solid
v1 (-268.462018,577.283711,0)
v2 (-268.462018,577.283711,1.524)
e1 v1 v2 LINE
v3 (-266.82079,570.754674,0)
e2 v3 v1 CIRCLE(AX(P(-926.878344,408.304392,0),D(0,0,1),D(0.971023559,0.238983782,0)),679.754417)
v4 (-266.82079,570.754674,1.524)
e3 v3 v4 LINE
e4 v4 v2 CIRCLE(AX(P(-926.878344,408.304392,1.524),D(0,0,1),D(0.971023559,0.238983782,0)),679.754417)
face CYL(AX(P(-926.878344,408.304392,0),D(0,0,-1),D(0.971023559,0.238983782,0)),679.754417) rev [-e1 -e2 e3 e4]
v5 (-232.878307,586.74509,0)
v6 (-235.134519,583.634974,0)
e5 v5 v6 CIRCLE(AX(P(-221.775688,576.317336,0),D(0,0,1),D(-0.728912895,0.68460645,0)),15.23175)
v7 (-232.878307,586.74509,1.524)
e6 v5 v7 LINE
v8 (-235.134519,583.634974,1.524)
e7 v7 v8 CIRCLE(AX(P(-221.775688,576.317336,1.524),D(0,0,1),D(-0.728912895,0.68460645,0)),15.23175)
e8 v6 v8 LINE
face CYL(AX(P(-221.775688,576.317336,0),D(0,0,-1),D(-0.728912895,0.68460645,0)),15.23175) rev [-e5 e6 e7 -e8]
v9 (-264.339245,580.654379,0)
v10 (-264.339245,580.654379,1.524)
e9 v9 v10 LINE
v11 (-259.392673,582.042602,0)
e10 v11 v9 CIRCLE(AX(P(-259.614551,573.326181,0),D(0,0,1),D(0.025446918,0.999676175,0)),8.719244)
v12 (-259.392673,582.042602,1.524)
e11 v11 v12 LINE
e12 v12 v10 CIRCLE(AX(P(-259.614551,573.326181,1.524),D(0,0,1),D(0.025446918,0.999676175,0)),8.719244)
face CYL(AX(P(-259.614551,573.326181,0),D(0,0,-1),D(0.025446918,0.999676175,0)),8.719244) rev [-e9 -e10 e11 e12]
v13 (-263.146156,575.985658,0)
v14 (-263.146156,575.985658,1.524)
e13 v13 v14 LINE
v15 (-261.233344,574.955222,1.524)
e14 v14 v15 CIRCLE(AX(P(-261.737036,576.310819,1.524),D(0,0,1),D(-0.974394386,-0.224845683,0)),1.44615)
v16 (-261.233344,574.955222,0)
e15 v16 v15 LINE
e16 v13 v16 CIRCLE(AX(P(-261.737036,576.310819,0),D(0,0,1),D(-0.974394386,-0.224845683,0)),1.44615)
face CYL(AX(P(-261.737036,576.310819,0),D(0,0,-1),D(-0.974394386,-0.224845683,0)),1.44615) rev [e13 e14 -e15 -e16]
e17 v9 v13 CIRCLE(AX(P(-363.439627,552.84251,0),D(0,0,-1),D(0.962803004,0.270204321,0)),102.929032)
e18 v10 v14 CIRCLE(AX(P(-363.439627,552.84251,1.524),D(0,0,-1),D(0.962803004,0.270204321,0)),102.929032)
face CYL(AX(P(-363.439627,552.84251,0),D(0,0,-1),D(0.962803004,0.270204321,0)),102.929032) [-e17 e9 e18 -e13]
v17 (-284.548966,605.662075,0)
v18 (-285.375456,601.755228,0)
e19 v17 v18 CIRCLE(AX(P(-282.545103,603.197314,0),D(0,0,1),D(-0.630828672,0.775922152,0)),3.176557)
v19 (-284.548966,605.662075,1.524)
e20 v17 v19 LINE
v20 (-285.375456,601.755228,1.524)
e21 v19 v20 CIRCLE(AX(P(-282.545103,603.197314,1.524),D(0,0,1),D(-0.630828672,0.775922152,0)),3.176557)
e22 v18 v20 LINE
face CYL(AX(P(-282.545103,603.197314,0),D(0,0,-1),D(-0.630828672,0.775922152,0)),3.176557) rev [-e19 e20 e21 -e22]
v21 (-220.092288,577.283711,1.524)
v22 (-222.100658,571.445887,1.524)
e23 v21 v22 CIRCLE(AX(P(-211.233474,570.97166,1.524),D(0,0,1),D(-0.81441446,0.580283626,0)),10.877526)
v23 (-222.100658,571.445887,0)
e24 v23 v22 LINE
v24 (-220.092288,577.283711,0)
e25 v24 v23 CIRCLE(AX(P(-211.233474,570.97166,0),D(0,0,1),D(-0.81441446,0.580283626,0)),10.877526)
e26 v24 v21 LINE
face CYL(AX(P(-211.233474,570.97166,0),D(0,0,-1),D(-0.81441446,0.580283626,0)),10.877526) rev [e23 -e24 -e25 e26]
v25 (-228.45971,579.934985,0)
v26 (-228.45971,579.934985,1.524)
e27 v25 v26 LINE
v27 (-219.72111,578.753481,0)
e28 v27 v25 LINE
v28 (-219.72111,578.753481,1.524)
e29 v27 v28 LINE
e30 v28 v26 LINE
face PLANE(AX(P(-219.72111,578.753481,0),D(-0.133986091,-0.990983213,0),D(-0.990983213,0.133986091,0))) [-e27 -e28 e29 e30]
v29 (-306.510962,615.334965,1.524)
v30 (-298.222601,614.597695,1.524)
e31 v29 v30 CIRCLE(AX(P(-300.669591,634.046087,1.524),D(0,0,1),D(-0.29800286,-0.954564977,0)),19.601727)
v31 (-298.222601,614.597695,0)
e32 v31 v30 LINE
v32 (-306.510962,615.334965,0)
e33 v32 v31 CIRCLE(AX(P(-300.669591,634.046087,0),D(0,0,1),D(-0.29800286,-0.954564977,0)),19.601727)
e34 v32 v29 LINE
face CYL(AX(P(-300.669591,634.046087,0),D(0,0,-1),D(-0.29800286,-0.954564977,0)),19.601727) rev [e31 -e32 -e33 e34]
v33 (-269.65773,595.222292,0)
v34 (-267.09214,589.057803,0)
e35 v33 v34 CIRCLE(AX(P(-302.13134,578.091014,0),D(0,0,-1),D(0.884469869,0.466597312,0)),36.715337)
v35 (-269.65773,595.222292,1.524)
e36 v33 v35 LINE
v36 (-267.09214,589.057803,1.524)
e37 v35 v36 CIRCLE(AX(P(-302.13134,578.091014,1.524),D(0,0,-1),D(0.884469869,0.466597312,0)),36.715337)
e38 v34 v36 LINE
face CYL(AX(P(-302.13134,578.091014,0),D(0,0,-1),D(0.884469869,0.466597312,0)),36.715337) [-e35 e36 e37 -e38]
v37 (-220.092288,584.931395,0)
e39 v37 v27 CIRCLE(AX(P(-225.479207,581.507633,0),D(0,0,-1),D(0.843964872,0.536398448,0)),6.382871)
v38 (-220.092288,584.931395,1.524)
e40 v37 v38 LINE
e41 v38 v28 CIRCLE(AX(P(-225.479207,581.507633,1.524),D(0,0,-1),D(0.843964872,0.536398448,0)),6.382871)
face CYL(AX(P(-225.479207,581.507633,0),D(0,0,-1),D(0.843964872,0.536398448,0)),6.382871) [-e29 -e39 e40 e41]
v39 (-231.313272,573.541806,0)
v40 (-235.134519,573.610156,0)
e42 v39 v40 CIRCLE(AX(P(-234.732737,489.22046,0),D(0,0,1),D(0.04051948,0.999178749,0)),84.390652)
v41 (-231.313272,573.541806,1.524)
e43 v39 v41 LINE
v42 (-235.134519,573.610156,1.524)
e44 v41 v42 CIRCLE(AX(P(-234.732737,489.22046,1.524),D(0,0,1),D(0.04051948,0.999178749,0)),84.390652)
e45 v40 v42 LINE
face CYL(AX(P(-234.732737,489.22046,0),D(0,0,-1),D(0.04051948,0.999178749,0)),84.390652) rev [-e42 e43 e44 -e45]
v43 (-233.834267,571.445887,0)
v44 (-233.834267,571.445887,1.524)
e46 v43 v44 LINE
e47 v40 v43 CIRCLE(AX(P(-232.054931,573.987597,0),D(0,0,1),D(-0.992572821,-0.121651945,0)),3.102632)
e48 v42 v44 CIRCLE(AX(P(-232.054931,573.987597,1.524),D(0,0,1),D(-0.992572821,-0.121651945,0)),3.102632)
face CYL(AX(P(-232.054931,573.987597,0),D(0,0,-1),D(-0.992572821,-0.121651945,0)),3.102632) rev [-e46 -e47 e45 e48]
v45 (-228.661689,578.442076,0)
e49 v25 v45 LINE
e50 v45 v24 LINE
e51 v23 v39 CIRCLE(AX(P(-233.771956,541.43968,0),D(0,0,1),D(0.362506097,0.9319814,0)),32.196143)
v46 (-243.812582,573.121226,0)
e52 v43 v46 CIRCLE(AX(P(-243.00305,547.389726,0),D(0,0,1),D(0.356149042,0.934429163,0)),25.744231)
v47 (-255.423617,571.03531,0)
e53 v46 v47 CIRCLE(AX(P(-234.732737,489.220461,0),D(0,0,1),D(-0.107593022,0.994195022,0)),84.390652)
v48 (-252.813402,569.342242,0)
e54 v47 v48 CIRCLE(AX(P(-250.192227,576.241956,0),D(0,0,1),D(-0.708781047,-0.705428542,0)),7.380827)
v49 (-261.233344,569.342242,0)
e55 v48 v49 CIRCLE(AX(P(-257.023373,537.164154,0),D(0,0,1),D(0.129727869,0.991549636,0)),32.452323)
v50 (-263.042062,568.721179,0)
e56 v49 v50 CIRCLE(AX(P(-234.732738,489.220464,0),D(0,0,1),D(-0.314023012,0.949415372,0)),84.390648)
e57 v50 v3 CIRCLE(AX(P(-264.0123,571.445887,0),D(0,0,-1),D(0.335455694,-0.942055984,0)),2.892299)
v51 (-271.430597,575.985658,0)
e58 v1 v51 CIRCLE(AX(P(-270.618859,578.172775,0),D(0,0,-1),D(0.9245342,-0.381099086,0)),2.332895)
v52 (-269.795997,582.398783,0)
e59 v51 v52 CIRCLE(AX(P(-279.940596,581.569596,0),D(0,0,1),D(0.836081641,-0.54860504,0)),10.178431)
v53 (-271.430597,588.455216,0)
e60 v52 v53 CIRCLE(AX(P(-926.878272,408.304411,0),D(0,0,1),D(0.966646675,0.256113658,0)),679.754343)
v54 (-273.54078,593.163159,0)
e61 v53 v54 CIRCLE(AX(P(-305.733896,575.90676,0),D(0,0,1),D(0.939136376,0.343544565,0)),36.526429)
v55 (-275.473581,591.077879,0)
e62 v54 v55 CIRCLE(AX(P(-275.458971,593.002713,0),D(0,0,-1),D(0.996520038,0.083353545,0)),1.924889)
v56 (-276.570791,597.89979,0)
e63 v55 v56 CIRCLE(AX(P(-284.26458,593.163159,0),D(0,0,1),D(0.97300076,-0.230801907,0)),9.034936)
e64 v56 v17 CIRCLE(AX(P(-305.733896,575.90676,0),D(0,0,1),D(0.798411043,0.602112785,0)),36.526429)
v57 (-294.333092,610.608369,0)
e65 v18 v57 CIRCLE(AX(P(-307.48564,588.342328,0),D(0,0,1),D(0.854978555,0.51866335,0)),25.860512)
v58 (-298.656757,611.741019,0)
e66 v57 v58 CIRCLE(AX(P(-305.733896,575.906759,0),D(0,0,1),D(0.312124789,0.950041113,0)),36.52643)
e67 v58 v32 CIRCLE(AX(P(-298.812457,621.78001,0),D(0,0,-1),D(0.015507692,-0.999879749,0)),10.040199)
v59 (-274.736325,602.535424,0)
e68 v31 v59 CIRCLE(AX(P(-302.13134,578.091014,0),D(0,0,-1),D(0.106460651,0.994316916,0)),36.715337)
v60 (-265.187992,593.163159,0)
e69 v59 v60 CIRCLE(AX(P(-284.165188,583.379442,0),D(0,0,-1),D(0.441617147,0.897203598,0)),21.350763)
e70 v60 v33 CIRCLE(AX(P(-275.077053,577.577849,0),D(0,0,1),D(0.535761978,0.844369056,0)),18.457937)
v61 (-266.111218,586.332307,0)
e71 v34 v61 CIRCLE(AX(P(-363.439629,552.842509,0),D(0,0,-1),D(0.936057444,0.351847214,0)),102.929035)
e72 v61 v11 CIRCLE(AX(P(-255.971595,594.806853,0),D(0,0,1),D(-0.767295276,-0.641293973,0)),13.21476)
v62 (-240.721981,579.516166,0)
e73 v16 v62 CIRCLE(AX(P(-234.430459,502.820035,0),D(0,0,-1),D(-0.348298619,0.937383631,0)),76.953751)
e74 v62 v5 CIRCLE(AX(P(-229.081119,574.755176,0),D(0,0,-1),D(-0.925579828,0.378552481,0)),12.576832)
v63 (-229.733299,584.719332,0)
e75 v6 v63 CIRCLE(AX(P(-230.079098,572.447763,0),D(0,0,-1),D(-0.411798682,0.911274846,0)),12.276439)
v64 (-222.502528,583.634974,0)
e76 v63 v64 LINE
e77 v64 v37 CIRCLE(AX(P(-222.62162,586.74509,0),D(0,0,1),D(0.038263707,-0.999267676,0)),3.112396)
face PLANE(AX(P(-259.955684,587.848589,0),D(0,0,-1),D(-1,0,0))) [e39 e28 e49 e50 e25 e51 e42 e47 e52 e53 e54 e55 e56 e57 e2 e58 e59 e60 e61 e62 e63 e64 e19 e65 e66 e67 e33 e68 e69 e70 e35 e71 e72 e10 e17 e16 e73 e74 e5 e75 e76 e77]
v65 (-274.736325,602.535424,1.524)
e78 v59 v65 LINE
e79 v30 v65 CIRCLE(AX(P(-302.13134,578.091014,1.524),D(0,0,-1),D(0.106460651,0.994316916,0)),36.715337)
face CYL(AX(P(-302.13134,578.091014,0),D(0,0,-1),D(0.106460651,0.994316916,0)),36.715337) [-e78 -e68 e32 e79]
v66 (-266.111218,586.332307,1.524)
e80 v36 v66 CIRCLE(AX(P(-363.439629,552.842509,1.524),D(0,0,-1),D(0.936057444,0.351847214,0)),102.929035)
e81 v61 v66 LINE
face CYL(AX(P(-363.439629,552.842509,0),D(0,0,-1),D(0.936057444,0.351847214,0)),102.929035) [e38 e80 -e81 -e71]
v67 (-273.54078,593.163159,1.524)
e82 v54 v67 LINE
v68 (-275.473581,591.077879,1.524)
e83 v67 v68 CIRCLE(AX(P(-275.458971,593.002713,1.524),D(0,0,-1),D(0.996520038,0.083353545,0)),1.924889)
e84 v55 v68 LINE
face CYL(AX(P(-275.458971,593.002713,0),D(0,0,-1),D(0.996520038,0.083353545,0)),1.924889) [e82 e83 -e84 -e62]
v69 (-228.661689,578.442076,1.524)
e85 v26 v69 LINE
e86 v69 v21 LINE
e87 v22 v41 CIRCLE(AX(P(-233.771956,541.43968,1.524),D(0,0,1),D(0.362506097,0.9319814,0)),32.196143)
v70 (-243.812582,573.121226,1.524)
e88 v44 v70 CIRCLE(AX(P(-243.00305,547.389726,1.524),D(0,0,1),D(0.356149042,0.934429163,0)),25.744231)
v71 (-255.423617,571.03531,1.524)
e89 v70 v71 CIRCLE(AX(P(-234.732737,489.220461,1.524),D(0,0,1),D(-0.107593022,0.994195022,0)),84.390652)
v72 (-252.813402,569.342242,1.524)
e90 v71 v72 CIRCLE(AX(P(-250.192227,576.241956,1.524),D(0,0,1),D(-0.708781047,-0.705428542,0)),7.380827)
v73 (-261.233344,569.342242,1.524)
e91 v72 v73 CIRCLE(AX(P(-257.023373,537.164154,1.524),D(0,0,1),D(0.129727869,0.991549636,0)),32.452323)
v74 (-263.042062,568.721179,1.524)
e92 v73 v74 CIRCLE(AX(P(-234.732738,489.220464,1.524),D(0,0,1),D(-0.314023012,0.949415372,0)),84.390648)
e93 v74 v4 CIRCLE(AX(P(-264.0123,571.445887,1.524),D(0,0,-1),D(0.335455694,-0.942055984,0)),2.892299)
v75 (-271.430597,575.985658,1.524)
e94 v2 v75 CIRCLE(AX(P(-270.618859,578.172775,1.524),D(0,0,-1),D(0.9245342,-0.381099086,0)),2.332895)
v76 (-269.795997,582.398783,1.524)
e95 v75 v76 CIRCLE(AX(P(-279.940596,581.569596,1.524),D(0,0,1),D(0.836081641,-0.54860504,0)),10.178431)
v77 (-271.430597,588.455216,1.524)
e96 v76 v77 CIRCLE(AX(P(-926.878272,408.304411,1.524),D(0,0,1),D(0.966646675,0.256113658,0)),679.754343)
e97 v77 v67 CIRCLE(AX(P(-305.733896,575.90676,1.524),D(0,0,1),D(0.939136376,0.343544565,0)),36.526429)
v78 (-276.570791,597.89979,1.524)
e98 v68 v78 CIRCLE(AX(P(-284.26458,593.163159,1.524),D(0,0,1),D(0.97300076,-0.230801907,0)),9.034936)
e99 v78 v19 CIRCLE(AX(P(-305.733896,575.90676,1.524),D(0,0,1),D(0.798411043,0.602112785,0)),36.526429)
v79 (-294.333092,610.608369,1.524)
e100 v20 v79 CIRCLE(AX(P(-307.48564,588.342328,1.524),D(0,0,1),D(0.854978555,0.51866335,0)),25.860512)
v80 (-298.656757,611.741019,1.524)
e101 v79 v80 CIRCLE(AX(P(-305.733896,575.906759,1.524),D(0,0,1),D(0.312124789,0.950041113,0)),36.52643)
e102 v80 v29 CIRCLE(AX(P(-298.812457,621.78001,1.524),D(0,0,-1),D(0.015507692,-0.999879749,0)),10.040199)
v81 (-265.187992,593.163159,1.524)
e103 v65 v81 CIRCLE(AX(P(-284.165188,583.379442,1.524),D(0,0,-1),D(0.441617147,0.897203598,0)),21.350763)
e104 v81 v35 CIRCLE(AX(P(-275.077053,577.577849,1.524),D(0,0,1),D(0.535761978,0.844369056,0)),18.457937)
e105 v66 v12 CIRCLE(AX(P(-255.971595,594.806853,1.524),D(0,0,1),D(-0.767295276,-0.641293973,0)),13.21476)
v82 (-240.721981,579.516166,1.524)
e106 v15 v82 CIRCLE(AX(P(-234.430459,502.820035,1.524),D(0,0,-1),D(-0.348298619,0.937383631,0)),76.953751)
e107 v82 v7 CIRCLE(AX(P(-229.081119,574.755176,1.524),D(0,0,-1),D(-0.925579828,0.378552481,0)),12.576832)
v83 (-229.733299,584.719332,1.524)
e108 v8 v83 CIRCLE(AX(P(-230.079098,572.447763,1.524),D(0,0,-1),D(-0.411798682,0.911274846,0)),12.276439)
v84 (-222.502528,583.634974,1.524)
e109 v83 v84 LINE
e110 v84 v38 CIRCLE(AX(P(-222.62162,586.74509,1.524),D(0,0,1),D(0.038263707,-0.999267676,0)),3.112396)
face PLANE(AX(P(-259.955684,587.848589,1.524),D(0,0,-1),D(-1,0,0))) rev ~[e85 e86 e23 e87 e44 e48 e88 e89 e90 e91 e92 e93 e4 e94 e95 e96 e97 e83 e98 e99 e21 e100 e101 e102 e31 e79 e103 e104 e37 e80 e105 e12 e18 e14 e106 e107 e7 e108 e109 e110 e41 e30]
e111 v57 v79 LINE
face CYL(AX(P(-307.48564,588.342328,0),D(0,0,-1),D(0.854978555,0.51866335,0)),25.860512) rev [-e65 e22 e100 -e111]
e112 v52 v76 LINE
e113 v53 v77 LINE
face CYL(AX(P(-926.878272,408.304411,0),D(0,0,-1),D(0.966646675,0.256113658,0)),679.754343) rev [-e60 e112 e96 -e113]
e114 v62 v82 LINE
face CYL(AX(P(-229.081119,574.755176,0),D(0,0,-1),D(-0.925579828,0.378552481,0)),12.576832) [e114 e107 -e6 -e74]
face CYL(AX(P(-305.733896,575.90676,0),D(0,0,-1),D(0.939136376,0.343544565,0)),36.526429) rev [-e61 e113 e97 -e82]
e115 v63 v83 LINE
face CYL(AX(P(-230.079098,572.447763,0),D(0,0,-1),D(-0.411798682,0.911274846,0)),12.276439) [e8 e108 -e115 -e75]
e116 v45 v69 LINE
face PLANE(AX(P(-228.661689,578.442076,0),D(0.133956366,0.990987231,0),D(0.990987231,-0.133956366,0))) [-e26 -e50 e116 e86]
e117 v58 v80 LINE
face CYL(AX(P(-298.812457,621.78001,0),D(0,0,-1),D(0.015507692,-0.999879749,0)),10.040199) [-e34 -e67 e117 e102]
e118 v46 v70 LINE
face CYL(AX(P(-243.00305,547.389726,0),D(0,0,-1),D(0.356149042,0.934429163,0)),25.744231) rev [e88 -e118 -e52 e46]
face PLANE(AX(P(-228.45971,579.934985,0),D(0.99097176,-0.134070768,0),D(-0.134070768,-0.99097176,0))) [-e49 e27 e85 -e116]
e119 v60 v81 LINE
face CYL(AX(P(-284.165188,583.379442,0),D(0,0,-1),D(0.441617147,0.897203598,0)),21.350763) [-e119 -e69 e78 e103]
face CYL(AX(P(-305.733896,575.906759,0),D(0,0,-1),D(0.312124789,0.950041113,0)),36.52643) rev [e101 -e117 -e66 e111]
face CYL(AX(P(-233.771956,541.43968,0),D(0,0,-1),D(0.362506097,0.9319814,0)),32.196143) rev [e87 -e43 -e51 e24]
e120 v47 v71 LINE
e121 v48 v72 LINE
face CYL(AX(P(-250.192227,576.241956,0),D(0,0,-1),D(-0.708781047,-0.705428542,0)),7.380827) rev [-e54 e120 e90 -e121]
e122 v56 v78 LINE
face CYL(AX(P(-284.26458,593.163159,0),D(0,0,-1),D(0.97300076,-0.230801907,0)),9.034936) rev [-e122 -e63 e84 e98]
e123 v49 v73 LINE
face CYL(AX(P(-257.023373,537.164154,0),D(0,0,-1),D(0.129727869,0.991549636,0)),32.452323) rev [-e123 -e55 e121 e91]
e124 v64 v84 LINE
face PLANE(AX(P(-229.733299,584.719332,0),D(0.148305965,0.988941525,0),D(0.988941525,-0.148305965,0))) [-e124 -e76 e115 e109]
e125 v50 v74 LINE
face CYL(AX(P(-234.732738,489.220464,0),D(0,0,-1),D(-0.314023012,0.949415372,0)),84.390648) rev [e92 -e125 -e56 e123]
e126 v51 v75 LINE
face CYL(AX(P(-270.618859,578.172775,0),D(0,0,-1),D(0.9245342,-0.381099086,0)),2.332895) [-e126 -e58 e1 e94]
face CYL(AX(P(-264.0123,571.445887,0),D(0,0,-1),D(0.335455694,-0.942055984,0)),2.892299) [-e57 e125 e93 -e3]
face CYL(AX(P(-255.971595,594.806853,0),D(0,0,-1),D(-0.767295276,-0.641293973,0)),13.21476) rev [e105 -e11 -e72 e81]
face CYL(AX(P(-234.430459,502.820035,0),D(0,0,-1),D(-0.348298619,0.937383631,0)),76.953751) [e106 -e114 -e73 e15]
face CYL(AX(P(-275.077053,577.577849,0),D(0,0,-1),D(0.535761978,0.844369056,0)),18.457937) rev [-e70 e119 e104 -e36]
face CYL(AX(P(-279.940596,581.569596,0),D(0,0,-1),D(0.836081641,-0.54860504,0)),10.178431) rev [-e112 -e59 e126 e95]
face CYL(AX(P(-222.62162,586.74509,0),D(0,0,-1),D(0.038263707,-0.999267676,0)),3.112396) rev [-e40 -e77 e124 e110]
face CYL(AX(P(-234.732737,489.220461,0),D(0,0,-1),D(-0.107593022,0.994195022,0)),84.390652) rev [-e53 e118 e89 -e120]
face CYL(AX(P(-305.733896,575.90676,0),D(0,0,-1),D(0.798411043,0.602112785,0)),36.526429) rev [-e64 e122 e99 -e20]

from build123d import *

# Parameters (mm, degrees)
BOSS_EXTRUDE1_DEPTH = 1.524


with BuildPart() as part:
    # Sketch1 → Boss-Extrude1 (new body)
    with BuildSketch(Plane.XY):
        with BuildLine():
            Line((-229.733299104, 584.719331839), (-222.502527935, 583.634973996))
            ThreePointArc((-222.502527935, 583.634973996), (-221.147267888, 584.004051618), (-220.092288362, 584.931395291))
            ThreePointArc((-220.092288362, 584.931395291), (-219.107825608, 581.890435474), (-219.721109978, 578.753480613))
            Line((-219.721109978, 578.753480613), (-228.459709631, 579.934984791))
            Line((-228.459709631, 579.934984791), (-228.661688518, 578.44207641))
            Line((-228.661688518, 578.44207641), (-220.092288362, 577.283710625))
            ThreePointArc((-220.092288362, 577.283710625), (-221.51932816, 574.510272261), (-222.100657588, 571.445886672))
            ThreePointArc((-222.100657588, 571.445886672), (-226.629664964, 572.833617667), (-231.313271906, 573.541806308))
            ThreePointArc((-231.313271906, 573.541806308), (-233.223508643, 573.597615767), (-235.134519327, 573.610155801))
            ThreePointArc((-235.134519327, 573.610155801), (-234.714498742, 572.38977797), (-233.834266637, 571.445886672))
            ThreePointArc((-233.834266637, 571.445886672), (-238.740309086, 572.778591559), (-243.812582366, 573.121226369))
            ThreePointArc((-243.812582366, 573.121226369), (-249.654593018, 572.281403909), (-255.423617198, 571.035309918))
            ThreePointArc((-255.423617198, 571.035309918), (-254.208732466, 570.049679285), (-252.813402451, 569.342242498))
            ThreePointArc((-252.813402451, 569.342242498), (-257.023373112, 569.616476447), (-261.233343772, 569.342242498))
            ThreePointArc((-261.233343772, 569.342242498), (-262.139462052, 569.036834334), (-263.042061741, 568.721179006))
            ThreePointArc((-263.042061741, 568.721179006), (-265.382908747, 568.898961953), (-266.820790496, 570.754674096))
            ThreePointArc((-266.820790496, 570.754674096), (-267.633321548, 574.021224174), (-268.462018281, 577.283710625))
            ThreePointArc((-268.462018281, 577.283710625), (-269.684214588, 576.035290864), (-271.430597221, 575.985658132))
            ThreePointArc((-271.430597221, 575.985658132), (-270.077505732, 579.055656064), (-269.795996664, 582.398782822))
            ThreePointArc((-269.795996664, 582.398782822), (-270.6063104, 585.428884975), (-271.430597221, 588.455215862))
            ThreePointArc((-271.430597221, 588.455215862), (-272.402462147, 590.846491133), (-273.540779849, 593.163159358))
            ThreePointArc((-273.540779849, 593.163159358), (-274.047233126, 591.694203826), (-275.473581255, 591.077878999))
            ThreePointArc((-275.473581255, 591.077878999), (-275.34428452, 594.597865441), (-276.57079113, 597.899789688))
            ThreePointArc((-276.57079113, 597.899789688), (-280.26245264, 602.086630283), (-284.548965797, 605.662074848))
            ThreePointArc((-284.548965797, 605.662074848), (-285.652879269, 603.854761803), (-285.375456051, 601.755228103))
            ThreePointArc((-285.375456051, 601.755228103), (-289.30709222, 606.735438718), (-294.333091655, 610.608369187))
            ThreePointArc((-294.333091655, 610.608369187), (-296.477583287, 611.240889296), (-298.65675661, 611.741018952))
            ThreePointArc((-298.65675661, 611.741018952), (-302.990086346, 612.65022374), (-306.51096198, 615.334964829))
            ThreePointArc((-306.51096198, 615.334964829), (-302.406354647, 614.521452362), (-298.222601436, 614.597695151))
            ThreePointArc((-298.222601436, 614.597695151), (-285.35767493, 610.750777653), (-274.736325292, 602.53542373))
            ThreePointArc((-274.736325292, 602.53542373), (-269.209056442, 598.616541826), (-265.187992407, 593.163159358))
            ThreePointArc((-265.187992407, 593.163159358), (-267.353928299, 594.342358031), (-269.657730455, 595.222291793))
            ThreePointArc((-269.657730455, 595.222291793), (-268.234509905, 592.198490903), (-267.092140084, 589.057803121))
            ThreePointArc((-267.092140084, 589.057803121), (-266.592090958, 587.698505955), (-266.111218097, 586.33230714))
            ThreePointArc((-266.111218097, 586.33230714), (-263.083103018, 583.668794976), (-259.392672976, 582.04260185))
            ThreePointArc((-259.392672976, 582.04260185), (-261.970528382, 581.721095666), (-264.339245348, 580.654378901))
            ThreePointArc((-264.339245348, 580.654378901), (-263.715375229, 578.327001479), (-263.146155659, 575.985658132))
            ThreePointArc((-263.146155659, 575.985658132), (-262.422892661, 575.037653784), (-261.233343772, 574.955221701))
            ThreePointArc((-261.233343772, 574.955221701), (-251.134066148, 577.939069272), (-240.721980879, 579.516166347))
            ThreePointArc((-240.721980879, 579.516166347), (-237.604479811, 584.0033655), (-232.878306602, 586.745090494))
            ThreePointArc((-232.878306602, 586.745090494), (-234.104874481, 585.261460478), (-235.134519327, 583.634973996))
            ThreePointArc((-235.134519327, 583.634973996), (-232.495519695, 584.484036639), (-229.733299104, 584.719331839))
        make_face()
    extrude(amount=BOSS_EXTRUDE1_DEPTH)


solid = part.part
